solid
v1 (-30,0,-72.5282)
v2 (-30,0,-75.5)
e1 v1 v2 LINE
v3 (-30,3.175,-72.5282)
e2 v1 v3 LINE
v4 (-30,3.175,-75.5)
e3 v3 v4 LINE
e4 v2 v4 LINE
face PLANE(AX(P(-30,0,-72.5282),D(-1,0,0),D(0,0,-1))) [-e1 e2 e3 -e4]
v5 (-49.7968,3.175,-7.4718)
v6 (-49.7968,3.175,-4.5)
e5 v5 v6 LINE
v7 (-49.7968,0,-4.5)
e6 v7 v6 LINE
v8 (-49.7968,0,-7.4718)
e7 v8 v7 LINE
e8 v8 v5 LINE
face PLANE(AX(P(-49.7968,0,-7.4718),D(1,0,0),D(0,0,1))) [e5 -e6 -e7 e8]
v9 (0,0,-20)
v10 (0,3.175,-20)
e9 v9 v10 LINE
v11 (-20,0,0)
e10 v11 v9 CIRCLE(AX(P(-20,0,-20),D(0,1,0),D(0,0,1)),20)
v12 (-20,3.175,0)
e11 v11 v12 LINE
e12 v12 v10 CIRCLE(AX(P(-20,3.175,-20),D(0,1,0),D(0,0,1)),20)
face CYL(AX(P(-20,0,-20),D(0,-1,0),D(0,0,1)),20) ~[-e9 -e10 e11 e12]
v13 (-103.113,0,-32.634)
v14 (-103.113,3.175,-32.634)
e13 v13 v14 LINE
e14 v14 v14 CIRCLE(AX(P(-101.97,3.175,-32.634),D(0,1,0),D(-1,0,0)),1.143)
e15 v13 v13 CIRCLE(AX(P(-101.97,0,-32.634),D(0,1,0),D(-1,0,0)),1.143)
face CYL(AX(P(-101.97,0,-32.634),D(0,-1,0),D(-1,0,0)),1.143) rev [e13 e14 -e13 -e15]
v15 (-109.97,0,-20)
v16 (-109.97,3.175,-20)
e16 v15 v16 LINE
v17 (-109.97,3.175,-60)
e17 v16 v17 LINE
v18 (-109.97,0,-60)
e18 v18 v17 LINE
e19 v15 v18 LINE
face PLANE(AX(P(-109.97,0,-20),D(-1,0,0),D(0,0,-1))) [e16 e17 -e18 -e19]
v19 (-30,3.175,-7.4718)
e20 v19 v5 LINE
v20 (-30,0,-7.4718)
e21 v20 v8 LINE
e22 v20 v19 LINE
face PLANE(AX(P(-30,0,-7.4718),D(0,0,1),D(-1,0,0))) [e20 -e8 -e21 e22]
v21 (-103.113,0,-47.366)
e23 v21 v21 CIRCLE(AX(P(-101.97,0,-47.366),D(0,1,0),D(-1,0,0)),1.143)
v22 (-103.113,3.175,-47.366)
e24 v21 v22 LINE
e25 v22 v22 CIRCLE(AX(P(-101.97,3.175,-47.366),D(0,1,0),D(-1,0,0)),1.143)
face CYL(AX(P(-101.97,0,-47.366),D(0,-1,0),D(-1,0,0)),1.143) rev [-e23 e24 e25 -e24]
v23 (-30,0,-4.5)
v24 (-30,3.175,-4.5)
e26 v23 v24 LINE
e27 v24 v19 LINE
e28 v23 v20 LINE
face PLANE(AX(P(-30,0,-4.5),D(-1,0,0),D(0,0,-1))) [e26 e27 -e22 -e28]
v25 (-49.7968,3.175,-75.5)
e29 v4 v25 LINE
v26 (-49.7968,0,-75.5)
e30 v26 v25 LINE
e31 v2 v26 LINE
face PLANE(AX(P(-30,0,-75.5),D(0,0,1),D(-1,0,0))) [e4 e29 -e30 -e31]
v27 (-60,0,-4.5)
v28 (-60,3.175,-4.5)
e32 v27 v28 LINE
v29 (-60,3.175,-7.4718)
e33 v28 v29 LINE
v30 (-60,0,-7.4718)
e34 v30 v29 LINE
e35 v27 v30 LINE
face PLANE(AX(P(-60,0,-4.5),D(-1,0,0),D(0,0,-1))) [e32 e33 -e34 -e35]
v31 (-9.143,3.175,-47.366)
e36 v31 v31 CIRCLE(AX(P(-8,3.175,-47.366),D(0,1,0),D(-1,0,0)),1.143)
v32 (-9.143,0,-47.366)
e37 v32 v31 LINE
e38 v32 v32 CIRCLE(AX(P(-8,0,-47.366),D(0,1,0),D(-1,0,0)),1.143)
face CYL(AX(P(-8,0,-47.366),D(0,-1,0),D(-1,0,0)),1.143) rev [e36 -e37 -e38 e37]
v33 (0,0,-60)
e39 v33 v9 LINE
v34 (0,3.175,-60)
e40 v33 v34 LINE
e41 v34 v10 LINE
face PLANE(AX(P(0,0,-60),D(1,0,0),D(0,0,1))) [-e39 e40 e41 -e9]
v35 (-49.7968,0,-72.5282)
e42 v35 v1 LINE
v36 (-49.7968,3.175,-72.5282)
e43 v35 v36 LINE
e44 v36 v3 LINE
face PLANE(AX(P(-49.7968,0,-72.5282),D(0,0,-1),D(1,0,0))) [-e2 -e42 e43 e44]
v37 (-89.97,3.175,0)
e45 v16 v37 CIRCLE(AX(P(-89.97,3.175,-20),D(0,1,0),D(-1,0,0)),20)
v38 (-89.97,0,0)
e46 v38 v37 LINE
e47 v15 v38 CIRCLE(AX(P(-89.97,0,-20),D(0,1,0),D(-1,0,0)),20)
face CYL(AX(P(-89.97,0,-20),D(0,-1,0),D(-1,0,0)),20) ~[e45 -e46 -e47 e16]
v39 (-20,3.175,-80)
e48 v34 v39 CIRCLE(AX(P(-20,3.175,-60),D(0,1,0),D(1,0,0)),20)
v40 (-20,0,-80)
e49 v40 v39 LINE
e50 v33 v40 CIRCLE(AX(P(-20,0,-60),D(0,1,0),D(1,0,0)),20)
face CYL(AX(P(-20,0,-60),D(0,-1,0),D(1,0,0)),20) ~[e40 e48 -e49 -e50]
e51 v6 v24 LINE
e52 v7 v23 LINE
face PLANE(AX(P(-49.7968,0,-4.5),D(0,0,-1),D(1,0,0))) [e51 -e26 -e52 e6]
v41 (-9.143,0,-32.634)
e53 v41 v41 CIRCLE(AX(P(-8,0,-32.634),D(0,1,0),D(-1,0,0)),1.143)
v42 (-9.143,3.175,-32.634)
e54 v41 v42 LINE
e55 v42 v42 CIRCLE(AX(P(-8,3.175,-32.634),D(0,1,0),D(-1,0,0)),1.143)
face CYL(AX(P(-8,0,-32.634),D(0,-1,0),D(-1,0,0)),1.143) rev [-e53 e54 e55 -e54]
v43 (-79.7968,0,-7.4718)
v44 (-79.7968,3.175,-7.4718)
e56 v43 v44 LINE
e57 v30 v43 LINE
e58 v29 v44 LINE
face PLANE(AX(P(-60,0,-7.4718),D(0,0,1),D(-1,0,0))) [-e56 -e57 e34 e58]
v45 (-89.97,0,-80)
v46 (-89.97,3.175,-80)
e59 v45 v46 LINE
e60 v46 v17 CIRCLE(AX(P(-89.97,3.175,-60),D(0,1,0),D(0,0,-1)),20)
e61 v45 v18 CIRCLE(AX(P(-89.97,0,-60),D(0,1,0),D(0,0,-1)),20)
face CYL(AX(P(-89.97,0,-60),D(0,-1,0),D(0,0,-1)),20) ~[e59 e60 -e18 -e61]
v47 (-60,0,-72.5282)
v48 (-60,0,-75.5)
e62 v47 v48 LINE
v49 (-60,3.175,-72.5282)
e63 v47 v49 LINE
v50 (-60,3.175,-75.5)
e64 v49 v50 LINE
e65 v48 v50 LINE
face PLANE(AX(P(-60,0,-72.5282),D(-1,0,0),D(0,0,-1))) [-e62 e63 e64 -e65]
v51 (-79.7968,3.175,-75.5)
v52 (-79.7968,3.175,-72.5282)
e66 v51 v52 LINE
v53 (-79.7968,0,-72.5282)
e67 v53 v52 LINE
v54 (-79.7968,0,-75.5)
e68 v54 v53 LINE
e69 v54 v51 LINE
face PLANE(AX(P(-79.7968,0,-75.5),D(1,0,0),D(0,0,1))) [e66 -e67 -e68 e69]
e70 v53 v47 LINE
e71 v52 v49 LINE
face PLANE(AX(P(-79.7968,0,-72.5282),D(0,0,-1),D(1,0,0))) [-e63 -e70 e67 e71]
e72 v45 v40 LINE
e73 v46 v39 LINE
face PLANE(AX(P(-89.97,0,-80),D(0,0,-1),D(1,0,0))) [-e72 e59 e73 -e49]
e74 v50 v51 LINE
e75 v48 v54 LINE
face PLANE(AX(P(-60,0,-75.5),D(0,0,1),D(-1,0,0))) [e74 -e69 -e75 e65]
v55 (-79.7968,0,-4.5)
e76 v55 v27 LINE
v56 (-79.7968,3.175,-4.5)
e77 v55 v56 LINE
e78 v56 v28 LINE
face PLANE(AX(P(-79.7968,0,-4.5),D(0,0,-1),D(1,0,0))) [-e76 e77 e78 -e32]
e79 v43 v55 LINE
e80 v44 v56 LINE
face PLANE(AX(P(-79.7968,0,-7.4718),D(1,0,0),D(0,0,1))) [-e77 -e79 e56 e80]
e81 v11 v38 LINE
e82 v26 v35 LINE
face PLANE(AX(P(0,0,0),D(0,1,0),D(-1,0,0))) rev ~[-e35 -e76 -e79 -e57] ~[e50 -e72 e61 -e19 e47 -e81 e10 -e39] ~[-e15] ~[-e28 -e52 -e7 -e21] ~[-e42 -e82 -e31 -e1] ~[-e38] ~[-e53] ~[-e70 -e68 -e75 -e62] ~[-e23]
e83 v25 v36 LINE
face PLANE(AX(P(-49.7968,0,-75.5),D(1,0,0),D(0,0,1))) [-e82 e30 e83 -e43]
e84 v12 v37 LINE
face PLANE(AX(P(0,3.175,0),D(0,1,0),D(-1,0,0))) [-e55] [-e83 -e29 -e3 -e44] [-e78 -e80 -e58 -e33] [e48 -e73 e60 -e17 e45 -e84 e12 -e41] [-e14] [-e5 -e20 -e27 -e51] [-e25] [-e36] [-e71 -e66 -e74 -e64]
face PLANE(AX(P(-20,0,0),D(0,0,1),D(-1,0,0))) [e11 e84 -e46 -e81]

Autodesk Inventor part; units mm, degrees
ref_plane "YZ Plane" through (0, 0, 0) normal (1, 0, 0) x (0, 1, 0)
ref_plane "XZ Plane" through (0, 0, 0) normal (0, 1, 0) x (-1, 0, 0)
ref_plane "XY Plane" through (0, 0, 0) normal (0, 0, 1) x (1, 0, 0)
sketch "Sketch1" plane through (0, 0, 0) normal (0, 1, 0) x (-1, 0, 0)
  line L0 (20, 0) -> (89.97, 0)
  line L1 (109.97, -20) -> (109.97, -60)
  line L2 (89.97, -80) -> (20, -80)
  line L3 (0, -60) -> (0, -20)
  line L4 (79.7968, -72.5282) -> (60, -72.5282)
  line L5 (60, -72.5282) -> (60, -75.5)
  line L6 (60, -75.5) -> (79.7968, -75.5)
  line L7 (79.7968, -75.5) -> (79.7968, -72.5282)
  circle A0 centre (101.97, -32.634) radius 1.143
  circle A1 centre (101.97, -47.366) radius 1.143
  circle A2 centre (8, -32.634) radius 1.143
  circle A3 centre (8, -47.366) radius 1.143
  arc A4 (109.97, -20) -> (89.97, 0) centre (89.97, -20) ccw
  arc A5 (0, -60) -> (20, -80) centre (20, -60) ccw
  arc A6 (89.97, -80) -> (109.97, -60) centre (89.97, -60) ccw
  arc A7 (20, 0) -> (0, -20) centre (20, -20) ccw
  line L8 (49.7968, -4.5) -> (30, -4.5)
  line L9 (30, -4.5) -> (30, -7.4718)
  line L10 (30, -7.4718) -> (49.7968, -7.4718)
  line L11 (49.7968, -7.4718) -> (49.7968, -4.5)
  line L12 (49.7968, -72.5282) -> (30, -72.5282)
  line L13 (30, -72.5282) -> (30, -75.5)
  line L14 (30, -75.5) -> (49.7968, -75.5)
  line L15 (49.7968, -75.5) -> (49.7968, -72.5282)
  line L16 (60, -7.4718) -> (79.7968, -7.4718)
  line L17 (79.7968, -7.4718) -> (79.7968, -4.5)
  line L18 (79.7968, -4.5) -> (60, -4.5)
  line L19 (60, -4.5) -> (60, -7.4718)
  point P0 (0, 0)
  point P1 (109.97, -80)
  point P2 (109.97, 0)
  point P3 (0, -80)
  dimension "d0" = 109.97
  dimension "d1" = 80
  dimension "d2" = 19.7968
  dimension "d3" = 2.9718
  dimension "d7" = 4.5
  dimension "d9" = 2.286
  dimension "d10" = 2.286
  dimension "d11" = 14.732
  dimension "d12" = 32.634
  dimension "d13" = 8
  dimension "d14" = 8
  dimension "d15" = 2.286
  dimension "d16" = 2.286
  dimension "d17" = 8
  dimension "d18" = 8
  dimension "d19" = 20
  dimension "d20" = 20
  dimension "d21" = 20
  dimension "d24" = 19.7968
  dimension "d25" = 30
  dimension "d30" = 2.9718
  dimension "d33" = 4.5
  dimension "d34" = 10.2032
  dimension "d35" = 32.634
  dimension "d36" = 14.732
extrude "Extrusion4" add sketch "Sketch1" along normal blind 3.175
equation "\"d10\" = d9"
equation "\"d12\" = -0.5 * d11 + 0.5 * d1"
equation "\"d15\" = d9"
equation "\"d16\" = d9"
equation "\"d24\" = d2"
equation "\"d30\" = d3"
equation "\"d35\" = d12"
equation "\"d36\" = d11"
properties part number "base_plate"
